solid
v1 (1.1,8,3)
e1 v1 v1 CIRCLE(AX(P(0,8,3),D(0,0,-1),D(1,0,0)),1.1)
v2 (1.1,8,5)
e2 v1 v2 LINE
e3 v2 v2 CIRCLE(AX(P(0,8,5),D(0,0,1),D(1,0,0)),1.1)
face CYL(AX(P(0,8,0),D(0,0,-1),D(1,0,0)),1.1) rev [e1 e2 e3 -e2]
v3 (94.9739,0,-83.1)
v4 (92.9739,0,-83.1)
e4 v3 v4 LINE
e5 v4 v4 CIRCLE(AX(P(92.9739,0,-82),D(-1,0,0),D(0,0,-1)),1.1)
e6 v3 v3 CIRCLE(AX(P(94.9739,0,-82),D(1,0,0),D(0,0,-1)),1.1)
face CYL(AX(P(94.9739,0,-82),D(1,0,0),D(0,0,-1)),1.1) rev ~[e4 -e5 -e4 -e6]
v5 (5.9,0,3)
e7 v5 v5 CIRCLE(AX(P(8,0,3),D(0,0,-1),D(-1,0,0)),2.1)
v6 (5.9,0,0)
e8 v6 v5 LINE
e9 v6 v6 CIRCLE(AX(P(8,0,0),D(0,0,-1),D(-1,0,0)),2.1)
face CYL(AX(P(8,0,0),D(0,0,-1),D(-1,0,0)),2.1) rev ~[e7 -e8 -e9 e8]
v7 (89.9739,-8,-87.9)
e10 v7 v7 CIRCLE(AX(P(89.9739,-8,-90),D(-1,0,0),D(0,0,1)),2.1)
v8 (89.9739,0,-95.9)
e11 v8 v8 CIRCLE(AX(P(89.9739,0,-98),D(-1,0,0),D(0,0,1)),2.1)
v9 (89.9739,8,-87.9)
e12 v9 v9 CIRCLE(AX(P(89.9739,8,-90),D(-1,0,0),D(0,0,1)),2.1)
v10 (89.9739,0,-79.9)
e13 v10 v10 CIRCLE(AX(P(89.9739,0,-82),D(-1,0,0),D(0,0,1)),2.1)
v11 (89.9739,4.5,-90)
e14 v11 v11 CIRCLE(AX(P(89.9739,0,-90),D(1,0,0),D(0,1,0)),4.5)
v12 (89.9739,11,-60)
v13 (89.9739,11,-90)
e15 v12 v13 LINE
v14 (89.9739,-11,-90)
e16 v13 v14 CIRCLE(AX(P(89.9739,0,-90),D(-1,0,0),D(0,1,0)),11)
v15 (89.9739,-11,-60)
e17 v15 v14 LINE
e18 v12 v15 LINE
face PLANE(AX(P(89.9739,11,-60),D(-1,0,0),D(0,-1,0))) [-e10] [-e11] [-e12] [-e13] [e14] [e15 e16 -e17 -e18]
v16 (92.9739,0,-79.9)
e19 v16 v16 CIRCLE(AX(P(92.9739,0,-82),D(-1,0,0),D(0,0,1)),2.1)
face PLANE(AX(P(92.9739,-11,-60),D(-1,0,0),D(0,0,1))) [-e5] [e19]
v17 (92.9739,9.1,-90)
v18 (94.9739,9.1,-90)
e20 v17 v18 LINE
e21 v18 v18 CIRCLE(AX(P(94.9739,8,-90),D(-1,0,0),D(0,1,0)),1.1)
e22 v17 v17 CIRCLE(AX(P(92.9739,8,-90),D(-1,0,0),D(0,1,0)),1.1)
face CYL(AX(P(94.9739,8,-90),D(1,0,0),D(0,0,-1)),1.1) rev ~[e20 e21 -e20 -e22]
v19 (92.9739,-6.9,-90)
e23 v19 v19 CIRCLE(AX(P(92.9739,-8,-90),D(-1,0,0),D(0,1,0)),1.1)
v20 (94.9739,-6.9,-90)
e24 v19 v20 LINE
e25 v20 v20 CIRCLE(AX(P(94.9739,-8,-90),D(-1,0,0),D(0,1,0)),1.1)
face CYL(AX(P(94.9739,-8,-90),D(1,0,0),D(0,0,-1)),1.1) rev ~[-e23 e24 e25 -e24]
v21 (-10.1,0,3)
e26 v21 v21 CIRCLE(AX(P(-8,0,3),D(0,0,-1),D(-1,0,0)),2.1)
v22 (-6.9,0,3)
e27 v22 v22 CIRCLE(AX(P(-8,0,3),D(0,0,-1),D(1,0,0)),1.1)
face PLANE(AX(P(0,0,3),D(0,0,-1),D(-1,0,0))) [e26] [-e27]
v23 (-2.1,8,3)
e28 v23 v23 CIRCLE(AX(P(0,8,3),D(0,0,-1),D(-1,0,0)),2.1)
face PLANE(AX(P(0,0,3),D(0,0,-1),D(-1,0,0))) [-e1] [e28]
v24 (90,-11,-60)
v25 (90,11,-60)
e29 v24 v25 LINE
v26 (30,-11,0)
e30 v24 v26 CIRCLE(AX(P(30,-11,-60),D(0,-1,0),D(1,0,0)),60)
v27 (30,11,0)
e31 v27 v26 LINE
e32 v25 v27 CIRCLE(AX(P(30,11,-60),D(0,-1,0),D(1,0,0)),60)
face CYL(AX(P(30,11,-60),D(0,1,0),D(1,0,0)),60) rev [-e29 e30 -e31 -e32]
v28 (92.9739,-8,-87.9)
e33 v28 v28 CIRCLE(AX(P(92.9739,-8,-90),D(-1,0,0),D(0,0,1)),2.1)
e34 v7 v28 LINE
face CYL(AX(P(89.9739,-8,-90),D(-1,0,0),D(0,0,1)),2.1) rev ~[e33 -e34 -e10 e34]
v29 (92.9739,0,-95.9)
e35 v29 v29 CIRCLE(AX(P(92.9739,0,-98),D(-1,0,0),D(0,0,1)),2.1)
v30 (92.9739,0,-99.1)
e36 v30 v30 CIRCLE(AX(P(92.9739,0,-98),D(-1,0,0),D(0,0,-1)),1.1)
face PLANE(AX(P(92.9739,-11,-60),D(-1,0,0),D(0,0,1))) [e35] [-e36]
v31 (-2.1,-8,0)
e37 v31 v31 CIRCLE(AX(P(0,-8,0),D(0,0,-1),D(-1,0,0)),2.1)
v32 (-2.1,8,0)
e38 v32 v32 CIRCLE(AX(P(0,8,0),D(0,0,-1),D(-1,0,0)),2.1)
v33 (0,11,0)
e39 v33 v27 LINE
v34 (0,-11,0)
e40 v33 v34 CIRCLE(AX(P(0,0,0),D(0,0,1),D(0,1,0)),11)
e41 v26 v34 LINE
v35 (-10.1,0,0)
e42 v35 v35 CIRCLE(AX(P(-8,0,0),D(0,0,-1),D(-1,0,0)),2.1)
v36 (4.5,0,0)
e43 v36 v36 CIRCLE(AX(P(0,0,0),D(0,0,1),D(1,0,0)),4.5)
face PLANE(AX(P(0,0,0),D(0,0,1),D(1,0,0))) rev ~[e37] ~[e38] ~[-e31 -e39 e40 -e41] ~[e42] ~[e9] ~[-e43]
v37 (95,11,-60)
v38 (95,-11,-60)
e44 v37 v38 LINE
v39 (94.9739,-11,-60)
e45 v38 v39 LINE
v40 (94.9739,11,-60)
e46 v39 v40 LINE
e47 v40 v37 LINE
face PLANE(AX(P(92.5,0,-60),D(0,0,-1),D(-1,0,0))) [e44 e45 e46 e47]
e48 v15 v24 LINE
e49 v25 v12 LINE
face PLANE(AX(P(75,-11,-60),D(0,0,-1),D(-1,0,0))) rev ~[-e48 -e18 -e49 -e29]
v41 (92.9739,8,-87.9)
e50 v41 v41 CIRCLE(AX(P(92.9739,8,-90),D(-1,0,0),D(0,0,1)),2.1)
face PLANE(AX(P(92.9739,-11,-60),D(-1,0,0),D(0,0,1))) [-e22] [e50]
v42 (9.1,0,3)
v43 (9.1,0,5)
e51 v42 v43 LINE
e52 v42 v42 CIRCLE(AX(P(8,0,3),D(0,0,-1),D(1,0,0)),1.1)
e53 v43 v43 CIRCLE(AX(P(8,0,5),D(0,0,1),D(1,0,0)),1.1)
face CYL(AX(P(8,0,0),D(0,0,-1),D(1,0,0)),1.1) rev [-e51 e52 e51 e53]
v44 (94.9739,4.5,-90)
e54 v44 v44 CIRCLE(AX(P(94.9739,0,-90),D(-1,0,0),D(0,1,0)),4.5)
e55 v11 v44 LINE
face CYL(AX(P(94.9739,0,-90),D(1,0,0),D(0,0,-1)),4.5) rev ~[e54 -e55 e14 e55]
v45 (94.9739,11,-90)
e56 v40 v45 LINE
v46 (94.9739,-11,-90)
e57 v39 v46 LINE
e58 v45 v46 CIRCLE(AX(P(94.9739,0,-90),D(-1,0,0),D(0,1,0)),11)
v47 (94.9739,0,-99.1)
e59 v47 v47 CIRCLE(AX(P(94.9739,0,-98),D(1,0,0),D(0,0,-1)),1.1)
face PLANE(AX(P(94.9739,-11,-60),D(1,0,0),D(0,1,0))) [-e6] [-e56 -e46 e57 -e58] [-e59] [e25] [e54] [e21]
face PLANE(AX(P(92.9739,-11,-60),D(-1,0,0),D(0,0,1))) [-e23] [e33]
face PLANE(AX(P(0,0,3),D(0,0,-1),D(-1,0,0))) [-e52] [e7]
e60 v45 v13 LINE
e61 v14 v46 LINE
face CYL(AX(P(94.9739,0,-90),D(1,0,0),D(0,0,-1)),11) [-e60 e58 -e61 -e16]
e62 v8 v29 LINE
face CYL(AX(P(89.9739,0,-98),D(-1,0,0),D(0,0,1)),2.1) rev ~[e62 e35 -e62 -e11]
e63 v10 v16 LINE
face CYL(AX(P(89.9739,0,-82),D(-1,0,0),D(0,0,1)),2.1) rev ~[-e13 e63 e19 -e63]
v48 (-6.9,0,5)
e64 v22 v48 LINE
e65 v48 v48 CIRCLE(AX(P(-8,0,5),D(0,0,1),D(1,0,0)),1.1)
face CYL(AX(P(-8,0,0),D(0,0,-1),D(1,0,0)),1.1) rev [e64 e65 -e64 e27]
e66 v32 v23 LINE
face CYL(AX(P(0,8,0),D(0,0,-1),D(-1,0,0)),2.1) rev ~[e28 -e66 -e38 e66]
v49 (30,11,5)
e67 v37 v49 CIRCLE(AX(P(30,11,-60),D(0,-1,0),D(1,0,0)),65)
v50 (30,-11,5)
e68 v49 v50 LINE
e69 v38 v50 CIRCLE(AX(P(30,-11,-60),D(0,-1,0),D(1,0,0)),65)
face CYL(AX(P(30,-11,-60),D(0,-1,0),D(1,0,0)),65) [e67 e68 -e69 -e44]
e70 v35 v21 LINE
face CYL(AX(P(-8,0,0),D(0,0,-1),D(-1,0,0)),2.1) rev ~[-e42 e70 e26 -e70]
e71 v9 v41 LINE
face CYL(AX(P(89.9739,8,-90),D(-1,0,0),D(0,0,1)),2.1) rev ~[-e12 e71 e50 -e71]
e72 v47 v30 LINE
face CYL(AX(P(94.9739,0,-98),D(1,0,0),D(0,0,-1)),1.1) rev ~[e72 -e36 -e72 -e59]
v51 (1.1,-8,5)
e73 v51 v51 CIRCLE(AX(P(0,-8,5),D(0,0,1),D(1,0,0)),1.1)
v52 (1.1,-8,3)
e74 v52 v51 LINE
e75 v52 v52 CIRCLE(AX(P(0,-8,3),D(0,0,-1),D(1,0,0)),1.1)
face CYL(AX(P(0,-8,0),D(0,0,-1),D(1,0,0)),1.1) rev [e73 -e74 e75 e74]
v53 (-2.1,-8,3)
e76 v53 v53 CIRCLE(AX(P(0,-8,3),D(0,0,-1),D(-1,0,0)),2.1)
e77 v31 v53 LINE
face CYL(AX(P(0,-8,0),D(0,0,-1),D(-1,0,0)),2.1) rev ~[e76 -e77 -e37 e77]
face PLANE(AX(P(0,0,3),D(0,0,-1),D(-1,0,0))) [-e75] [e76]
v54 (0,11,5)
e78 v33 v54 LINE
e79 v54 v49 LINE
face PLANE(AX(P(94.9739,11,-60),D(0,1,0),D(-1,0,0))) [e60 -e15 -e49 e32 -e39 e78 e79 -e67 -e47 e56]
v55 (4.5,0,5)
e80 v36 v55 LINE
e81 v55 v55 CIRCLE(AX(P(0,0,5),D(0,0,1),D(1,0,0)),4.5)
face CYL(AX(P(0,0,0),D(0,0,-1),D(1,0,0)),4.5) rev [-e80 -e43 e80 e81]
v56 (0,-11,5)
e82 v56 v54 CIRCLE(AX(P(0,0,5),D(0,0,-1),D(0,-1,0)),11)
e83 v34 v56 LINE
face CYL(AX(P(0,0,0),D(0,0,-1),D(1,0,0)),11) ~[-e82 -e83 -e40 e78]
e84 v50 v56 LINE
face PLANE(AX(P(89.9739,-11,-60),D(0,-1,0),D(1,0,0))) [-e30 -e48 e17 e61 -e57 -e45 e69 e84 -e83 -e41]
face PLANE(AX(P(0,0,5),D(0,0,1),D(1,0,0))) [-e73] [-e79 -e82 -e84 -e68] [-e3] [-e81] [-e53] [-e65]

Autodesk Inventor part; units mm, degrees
ref_plane "YZ Plane" through (0, 0, 0) normal (1, 0, 0) x (0, 1, 0)
ref_plane "XZ Plane" through (0, 0, 0) normal (0, 1, 0) x (-1, 0, 0)
ref_plane "XY Plane" through (0, 0, 0) normal (0, 0, 1) x (1, 0, 0)
sketch "스케치1" plane through (0, 0, 0) normal (0, 0, 1) x (1, 0, 0)
  circle A0 centre (0, 0) radius 11
  circle A1 centre (0, -8) radius 1.1
  circle A2 centre (0, 0) radius 11
  circle A3 centre (8, 0) radius 1.1
  circle A4 centre (0, 0) radius 11
  circle A5 centre (0, 8) radius 1.1
  circle A6 centre (0, 0) radius 11
  circle A7 centre (-8, 0) radius 1.1
  arc A8 (-11, 0) -> (11, 0) centre (0, 0) ccw
  circle A9 centre (0, 0) radius 4.5
  line L0 (0, 11) -> (30, 11)
  line L1 (30, 11) -> (30, -11)
  line L2 (30, -11) -> (0, -11)
  arc A10 (0, -11) -> (0, 11) centre (0, 0) ccw
  dimension "d2" = 2.2
  dimension "d3" = 360
  dimension "d4" = 9
  dimension "d5" = 30
extrude "돌출1" add sketch "스케치1" along normal blind 5
sketch "스케치7" plane through (30, -11, 0) normal (1, 0, 0) x (0, 0, -1)
  line L0 (0, 0) -> (-5, 0) projected
  line L1 (0, 22) -> (-5, 22) projected
  line L2 (0, 0) -> (-5, 0)
  line L3 (-5, 0) -> (-5, 22)
  line L4 (-5, 22) -> (0, 22)
  line L5 (0, 22) -> (0, 0)
  point P0 (0, 11)
sketch "스케치8" plane through (0, -11, 0) normal (0, -1, 0) x (1, 0, 0)
  line L0 (30, 0) -> (0, 0) projected
  arc A0 (70, -40) -> (30, 0) centre (30, -40) ccw
  line L1 (30, -40) -> (70, -40) construction
  line L2 (30, -40) -> (30, 0) construction
  arc A1 (90, -60) -> (30, 0) centre (30, -60) ccw
  line L3 (30, -60) -> (90, -60) construction
  line L4 (30, -60) -> (30, 0) construction
  dimension "d13" = 90
  dimension "d29" = 90
sweep "스윕2" add profiles "스케치7" path "스케치8" path curves A1
sketch "스케치9" plane through (75, -11, -60) normal (0, 0, -1) x (-1, 0, 0)
  line L0 (45, 0) -> (5, 0) projected
  line L1 (5, 22) -> (0, 22) projected
  line L2 (-14.9739, 0) -> (-19.9739, 0)
  line L3 (-19.9739, 0) -> (-19.9739, 22)
  line L4 (-19.9739, 22) -> (-14.9739, 22)
  line L5 (-14.9739, 22) -> (-14.9739, 0)
  point P0 (75, 11)
extrude "돌출3" add sketch "스케치9" along normal blind 30
sketch "스케치10" plane through (94.9739, -11, -40) normal (1, 0, 0) x (0, 0, -1)
  line L0 (50, 0) -> (50, 22) projected
  circle A0 centre (50, 11) radius 11
  circle A1 centre (50, 11) radius 4.5
  circle A2 centre (50, 3) radius 1.1
  circle A3 centre (58, 11) radius 1.1
  circle A4 centre (50, 19) radius 1.1
  circle A5 centre (42, 11) radius 1.1
  point P0 (-40, 11)
  dimension "d18" = 9
  dimension "d19" = 2.2
  dimension "d20" = 8
  dimension "d23" = 360
extrude "돌출4" add sketch "스케치10" against normal blind 5 contours A0 L0 A4 A1 A2 | L0 A2 A1 A4 A0
extrude "돌출5" cut sketch "스케치10" against normal blind 5 contours A2 L0 | L0 A2 | A4 L0 | L0 A4 | A1 L0 | L0 A1 | A5
sketch "스케치11" plane through (89.9739, -11, -60) normal (-1, 0, 0) x (0, 0, 1)
  circle A0 centre (-30, 3) radius 1.1 projected
  circle A1 centre (-30, 3) radius 2.1
  circle A2 centre (-22, 11) radius 1.1 projected
  circle A3 centre (-22, 11) radius 2.1
  circle A4 centre (-38, 11) radius 1.1 projected
  circle A5 centre (-38, 11) radius 2.1
  circle A6 centre (-30, 19) radius 1.1 projected
  circle A7 centre (-30, 19) radius 2.1
  point P0 (60, 11)
  dimension "d30" = 4.2
  dimension "d31" = 4.2
  dimension "d32" = 4.2
  dimension "d33" = 4.2
sketch "스케치12" plane through (0, 0, 0) normal (0, 0, -1) x (-1, 0, 0)
  circle A0 centre (0, -8) radius 1.1 projected
  circle A1 centre (0, -8) radius 2.1
  circle A2 centre (8, 0) radius 1.1 projected
  circle A3 centre (8, 0) radius 2.1
  circle A4 centre (-8, 0) radius 1.1 projected
  circle A5 centre (-8, 0) radius 2.1
  circle A6 centre (0, 8) radius 1.1 projected
  circle A7 centre (0, 8) radius 2.1
  point P0 (0, 0)
  dimension "d34" = 4.2
  dimension "d35" = 4.2
  dimension "d36" = 4.2
  dimension "d37" = 4.2
extrude "돌출6" cut sketch "스케치11" against normal blind 3
extrude "돌출7" cut sketch "스케치12" against normal blind 3
properties part number "shoulder2"
